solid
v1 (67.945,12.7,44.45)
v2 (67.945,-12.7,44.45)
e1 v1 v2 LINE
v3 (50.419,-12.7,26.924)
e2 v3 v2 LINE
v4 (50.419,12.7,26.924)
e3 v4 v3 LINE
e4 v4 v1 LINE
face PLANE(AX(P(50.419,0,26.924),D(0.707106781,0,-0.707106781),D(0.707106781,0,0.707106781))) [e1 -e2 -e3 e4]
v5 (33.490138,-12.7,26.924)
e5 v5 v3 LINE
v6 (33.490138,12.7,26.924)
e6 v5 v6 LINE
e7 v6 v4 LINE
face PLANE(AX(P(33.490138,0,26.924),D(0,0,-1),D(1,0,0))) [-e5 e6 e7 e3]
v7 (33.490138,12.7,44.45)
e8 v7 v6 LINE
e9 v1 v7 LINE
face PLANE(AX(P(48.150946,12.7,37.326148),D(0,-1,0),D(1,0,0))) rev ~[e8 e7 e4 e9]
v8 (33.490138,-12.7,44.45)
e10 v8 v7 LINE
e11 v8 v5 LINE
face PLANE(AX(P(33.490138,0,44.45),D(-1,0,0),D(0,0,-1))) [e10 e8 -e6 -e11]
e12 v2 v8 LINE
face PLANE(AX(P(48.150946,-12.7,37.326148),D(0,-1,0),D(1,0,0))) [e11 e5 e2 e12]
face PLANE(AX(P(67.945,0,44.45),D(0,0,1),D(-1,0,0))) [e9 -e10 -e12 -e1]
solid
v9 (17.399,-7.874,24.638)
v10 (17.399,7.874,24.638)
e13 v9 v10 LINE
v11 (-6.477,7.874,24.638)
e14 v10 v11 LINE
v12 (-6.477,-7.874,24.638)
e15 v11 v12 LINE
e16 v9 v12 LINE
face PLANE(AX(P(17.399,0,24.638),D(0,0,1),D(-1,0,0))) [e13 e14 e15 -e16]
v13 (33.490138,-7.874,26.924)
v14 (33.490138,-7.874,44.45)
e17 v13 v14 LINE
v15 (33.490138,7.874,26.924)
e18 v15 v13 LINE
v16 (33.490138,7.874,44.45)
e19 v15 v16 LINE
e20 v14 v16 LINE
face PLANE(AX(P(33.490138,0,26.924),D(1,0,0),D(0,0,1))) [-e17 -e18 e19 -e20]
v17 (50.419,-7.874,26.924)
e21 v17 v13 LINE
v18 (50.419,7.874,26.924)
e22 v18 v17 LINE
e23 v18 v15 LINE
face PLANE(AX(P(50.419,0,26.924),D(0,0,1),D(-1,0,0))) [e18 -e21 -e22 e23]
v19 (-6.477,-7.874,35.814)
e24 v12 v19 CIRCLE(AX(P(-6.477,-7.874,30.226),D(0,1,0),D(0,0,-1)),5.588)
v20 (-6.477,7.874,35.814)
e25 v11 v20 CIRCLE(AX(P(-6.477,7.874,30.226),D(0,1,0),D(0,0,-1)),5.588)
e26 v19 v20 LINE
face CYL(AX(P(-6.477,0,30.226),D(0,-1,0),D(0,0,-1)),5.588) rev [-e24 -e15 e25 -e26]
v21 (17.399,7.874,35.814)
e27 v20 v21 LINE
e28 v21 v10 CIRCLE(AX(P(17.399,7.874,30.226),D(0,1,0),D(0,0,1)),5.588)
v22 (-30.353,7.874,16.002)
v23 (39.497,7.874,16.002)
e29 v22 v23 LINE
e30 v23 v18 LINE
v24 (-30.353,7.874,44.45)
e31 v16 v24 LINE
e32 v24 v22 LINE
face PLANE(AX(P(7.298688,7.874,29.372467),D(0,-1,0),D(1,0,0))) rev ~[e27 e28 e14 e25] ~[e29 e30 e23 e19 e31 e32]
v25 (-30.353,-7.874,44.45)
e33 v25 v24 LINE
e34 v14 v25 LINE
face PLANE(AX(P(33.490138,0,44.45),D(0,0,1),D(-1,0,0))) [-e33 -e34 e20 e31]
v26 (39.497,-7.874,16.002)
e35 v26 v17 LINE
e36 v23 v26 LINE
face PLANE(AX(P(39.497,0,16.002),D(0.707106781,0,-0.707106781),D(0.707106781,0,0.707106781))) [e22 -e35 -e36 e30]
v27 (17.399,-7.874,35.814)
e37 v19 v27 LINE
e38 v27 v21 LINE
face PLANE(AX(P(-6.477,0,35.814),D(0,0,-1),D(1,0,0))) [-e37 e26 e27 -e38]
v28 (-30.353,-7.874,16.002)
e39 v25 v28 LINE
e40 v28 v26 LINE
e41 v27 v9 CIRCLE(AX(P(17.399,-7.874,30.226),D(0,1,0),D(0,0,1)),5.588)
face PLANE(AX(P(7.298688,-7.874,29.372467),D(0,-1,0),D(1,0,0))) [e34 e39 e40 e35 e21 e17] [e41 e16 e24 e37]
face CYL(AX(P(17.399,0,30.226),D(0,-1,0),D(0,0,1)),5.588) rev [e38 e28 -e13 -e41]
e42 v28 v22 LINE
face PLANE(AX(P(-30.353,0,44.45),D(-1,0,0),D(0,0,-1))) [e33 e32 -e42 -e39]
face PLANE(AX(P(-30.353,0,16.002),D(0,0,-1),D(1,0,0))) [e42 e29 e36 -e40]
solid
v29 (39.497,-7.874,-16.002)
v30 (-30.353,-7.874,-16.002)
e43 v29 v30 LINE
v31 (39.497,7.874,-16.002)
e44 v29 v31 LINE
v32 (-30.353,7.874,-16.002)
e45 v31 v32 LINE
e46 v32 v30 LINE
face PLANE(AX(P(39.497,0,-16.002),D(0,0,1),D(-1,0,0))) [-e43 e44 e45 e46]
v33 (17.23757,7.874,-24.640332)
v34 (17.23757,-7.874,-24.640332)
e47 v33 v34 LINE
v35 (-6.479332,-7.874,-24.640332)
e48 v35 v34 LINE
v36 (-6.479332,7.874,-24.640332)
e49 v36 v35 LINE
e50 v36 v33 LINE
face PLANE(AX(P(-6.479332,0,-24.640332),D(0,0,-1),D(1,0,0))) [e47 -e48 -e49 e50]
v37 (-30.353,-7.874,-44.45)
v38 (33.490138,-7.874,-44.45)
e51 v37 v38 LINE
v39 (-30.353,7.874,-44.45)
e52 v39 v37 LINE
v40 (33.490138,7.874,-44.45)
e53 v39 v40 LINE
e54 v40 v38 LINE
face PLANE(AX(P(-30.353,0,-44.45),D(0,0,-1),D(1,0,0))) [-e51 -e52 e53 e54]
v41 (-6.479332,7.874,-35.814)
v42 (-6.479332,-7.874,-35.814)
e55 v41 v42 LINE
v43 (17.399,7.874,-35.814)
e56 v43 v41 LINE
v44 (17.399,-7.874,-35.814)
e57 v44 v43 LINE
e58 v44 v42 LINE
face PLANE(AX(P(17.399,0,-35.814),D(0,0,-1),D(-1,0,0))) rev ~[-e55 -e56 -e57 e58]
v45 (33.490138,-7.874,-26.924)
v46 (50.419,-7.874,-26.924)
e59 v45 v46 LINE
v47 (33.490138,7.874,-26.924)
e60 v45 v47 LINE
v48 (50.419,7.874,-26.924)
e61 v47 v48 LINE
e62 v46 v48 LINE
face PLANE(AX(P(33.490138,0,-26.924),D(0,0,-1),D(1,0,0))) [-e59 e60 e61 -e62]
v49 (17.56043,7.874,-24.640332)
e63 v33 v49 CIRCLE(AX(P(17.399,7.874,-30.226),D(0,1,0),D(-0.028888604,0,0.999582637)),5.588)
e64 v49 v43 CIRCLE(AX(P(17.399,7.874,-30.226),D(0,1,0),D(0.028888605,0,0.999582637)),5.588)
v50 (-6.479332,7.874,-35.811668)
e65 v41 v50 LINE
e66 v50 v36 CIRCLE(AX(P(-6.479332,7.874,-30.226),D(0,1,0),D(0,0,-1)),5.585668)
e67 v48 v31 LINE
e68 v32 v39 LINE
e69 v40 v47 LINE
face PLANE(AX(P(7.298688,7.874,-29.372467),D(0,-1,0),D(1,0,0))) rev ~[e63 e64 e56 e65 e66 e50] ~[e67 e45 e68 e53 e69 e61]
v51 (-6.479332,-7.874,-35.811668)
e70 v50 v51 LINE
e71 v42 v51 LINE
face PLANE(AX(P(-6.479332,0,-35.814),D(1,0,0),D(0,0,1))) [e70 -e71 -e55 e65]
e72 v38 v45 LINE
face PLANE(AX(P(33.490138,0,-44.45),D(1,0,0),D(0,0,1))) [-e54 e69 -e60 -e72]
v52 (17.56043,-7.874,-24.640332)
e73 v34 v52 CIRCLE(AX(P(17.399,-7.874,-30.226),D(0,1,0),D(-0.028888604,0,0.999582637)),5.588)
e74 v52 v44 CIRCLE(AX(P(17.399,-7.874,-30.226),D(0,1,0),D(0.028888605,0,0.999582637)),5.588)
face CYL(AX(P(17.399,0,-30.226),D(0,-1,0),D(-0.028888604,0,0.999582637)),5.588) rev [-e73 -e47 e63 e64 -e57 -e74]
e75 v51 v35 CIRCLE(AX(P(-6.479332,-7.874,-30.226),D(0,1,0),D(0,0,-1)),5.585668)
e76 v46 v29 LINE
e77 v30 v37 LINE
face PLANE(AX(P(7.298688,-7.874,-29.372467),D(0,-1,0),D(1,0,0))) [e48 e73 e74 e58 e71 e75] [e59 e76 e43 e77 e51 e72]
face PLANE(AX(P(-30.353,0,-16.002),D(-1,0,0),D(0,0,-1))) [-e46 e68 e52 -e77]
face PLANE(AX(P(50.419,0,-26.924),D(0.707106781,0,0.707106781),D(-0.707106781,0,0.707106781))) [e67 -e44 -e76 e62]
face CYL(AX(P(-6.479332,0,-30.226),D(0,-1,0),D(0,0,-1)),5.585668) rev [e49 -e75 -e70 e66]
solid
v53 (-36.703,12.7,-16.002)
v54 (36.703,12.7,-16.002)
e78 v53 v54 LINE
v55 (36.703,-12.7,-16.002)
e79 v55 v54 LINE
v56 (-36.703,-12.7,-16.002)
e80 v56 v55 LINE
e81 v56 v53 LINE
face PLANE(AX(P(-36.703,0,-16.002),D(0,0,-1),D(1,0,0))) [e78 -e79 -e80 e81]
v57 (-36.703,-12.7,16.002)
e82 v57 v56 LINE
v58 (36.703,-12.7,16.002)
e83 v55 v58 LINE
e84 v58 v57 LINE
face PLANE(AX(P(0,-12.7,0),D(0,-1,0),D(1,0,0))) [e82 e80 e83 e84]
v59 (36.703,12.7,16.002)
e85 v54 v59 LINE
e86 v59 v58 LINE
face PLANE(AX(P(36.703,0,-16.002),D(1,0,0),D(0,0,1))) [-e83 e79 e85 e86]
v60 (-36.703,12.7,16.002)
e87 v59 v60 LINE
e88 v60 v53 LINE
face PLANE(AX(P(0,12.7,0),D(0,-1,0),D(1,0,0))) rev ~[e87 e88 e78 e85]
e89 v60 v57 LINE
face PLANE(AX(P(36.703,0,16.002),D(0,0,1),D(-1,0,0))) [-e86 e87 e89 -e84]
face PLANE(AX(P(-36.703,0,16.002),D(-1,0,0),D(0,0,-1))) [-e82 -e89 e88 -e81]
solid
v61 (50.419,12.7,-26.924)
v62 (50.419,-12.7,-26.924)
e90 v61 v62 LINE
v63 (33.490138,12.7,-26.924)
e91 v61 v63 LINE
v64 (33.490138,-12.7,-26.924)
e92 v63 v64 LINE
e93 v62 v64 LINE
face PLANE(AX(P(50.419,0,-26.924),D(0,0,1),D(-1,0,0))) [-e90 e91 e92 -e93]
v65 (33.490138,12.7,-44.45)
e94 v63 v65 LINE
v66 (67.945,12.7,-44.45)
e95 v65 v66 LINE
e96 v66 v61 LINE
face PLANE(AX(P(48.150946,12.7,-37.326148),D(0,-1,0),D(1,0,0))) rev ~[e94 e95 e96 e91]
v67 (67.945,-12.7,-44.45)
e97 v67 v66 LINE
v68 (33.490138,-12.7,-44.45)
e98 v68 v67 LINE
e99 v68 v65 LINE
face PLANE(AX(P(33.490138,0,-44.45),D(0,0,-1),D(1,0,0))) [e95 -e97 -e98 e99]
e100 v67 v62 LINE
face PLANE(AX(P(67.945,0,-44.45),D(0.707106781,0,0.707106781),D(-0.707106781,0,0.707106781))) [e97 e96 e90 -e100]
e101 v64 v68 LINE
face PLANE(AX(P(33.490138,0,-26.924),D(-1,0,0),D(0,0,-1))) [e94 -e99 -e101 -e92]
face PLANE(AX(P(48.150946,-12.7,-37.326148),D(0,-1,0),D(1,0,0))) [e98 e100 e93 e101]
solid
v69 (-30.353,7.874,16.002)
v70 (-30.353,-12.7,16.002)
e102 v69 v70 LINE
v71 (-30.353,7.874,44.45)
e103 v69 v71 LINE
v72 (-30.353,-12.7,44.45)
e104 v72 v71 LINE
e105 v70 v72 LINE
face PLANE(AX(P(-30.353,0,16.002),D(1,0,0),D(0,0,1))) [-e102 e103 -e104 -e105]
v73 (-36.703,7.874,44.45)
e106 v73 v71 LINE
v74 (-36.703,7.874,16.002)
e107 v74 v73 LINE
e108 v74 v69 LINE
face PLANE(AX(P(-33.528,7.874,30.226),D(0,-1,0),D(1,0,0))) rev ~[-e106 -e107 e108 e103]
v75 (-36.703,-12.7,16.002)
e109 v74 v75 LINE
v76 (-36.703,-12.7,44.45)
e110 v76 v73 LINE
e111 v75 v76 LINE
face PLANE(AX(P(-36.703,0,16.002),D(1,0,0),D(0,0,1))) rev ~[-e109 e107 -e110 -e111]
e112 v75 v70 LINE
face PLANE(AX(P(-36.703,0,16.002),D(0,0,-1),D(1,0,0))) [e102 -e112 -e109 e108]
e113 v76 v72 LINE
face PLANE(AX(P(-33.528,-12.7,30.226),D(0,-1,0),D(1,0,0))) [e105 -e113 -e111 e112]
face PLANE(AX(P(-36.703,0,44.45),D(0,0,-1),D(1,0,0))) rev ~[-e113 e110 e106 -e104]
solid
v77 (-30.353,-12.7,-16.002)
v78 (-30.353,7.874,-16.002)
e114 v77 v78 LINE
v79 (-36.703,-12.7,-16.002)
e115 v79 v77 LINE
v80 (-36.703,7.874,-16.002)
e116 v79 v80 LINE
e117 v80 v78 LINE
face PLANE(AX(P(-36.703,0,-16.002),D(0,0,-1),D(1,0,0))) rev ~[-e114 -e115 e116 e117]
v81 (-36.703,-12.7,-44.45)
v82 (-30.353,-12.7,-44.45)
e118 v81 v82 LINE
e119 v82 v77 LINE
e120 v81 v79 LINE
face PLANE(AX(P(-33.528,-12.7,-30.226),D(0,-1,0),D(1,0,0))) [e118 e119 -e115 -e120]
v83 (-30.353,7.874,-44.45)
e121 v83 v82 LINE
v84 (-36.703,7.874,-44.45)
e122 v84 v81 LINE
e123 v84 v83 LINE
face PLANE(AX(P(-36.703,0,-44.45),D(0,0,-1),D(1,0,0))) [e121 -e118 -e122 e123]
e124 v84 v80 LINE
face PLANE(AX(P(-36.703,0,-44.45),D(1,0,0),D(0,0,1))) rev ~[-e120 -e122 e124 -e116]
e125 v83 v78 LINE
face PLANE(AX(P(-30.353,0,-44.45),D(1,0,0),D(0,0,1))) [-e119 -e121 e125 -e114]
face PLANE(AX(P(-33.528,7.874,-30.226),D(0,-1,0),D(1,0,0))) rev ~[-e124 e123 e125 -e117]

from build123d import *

# Parameters (mm, degrees)
F1_DEPTH      = 12.7
F2_DEPTH      = 7.874
F0_W          = 6.35
F0_H          = 28.448
F3_DEPTH      = 12.7
F3_DEPTH_BACK = 7.874
F4_DEPTH      = 12.7
F4_DEPTH_BACK = 7.874


with BuildPart() as f1:
    # F0 (on Front) → F1 (new body, symmetric)
    with BuildSketch(Plane.XZ):
        Polygon((33.490138276, 26.924), (50.419, 26.924), (67.945, 44.45), (33.490138276, 44.45), align=None)
    extrude(amount=F1_DEPTH, both=True)


with BuildPart() as f1b:
    # F0 (on Front) → F1, piece 2 (new body, symmetric)
    with BuildSketch(Plane.XZ):
        Polygon((36.703, -16.002), (36.703, 16.002), (-30.353, 16.002), (-36.703, 16.002), (-36.703, -16.002), (-30.353, -16.002), align=None)
    extrude(amount=F1_DEPTH, both=True)


with BuildPart() as f1c:
    # F0 (on Front) → F1, piece 3 (new body, symmetric)
    with BuildSketch(Plane.XZ):
        Polygon((67.945, -44.45), (50.419, -26.924), (33.490138276, -26.924), (33.490138276, -44.45), align=None)
    extrude(amount=F1_DEPTH, both=True)


with BuildPart() as f2:
    # F0 (on Front) → F2 (new body, symmetric)
    with BuildSketch(Plane.XZ):
        Polygon((-30.353, 16.002), (36.703, 16.002), (39.497, 16.002), (50.419, 26.924), (33.490138276, 26.924), (33.490138276, 44.45), (-30.353, 44.45), align=None)
        with BuildLine():
            ThreePointArc((-6.477, 24.638), (-12.065, 30.226), (-6.477, 35.814))
            Line((-6.477, 35.814), (17.399, 35.814))
            ThreePointArc((17.399, 35.814), (22.987, 30.226), (17.399, 24.638))
            Line((17.399, 24.638), (-6.477, 24.638))
        make_face(mode=Mode.SUBTRACT)
    extrude(amount=F2_DEPTH, both=True)


with BuildPart() as f2b:
    # F0 (on Front) → F2, piece 2 (new body, symmetric)
    with BuildSketch(Plane.XZ):
        Polygon((39.497, -16.002), (36.703, -16.002), (-30.353, -16.002), (-30.353, -44.45), (33.490138276, -44.45), (33.490138276, -26.924), (50.419, -26.924), align=None)
        with BuildLine():
            Line((17.399, -35.814), (-6.4793322235, -35.814))
            Line((-6.4793322235, -35.814), (-6.4793322235, -35.8116677765))
            ThreePointArc((-6.4793322235, -35.8116677765), (-12.065, -30.226), (-6.4793322235, -24.6403322235))
            Line((-6.4793322235, -24.6403322235), (17.2375704768, -24.6403322235))
            ThreePointArc((17.2375704768, -24.6403322235), (17.399, -24.638), (17.5604295232, -24.6403322235))
            ThreePointArc((17.5604295232, -24.6403322235), (22.9864169137, -30.3067231847), (17.399, -35.814))
        make_face(mode=Mode.SUBTRACT)
    extrude(amount=F2_DEPTH, both=True)


with BuildPart() as f3:
    # F0 (on Front) → F3 (new body, two sides)
    with BuildSketch(Plane.XZ) as f3_sk:
        with Locations((-33.528, 30.226)):
            Rectangle(F0_W, F0_H)
    extrude(amount=F3_DEPTH)
    extrude(f3_sk.sketch, amount=-F3_DEPTH_BACK)


with BuildPart() as f4:
    # F0 (on Front) → F4 (new body, two sides)
    with BuildSketch(Plane.XZ) as f4_sk:
        with Locations((-33.528, -30.226)):
            Rectangle(F0_W, F0_H)
    extrude(amount=F4_DEPTH)
    extrude(f4_sk.sketch, amount=-F4_DEPTH_BACK)


solid = Compound([f1.part, f1b.part, f1c.part, f2.part, f2b.part, f3.part, f4.part])
